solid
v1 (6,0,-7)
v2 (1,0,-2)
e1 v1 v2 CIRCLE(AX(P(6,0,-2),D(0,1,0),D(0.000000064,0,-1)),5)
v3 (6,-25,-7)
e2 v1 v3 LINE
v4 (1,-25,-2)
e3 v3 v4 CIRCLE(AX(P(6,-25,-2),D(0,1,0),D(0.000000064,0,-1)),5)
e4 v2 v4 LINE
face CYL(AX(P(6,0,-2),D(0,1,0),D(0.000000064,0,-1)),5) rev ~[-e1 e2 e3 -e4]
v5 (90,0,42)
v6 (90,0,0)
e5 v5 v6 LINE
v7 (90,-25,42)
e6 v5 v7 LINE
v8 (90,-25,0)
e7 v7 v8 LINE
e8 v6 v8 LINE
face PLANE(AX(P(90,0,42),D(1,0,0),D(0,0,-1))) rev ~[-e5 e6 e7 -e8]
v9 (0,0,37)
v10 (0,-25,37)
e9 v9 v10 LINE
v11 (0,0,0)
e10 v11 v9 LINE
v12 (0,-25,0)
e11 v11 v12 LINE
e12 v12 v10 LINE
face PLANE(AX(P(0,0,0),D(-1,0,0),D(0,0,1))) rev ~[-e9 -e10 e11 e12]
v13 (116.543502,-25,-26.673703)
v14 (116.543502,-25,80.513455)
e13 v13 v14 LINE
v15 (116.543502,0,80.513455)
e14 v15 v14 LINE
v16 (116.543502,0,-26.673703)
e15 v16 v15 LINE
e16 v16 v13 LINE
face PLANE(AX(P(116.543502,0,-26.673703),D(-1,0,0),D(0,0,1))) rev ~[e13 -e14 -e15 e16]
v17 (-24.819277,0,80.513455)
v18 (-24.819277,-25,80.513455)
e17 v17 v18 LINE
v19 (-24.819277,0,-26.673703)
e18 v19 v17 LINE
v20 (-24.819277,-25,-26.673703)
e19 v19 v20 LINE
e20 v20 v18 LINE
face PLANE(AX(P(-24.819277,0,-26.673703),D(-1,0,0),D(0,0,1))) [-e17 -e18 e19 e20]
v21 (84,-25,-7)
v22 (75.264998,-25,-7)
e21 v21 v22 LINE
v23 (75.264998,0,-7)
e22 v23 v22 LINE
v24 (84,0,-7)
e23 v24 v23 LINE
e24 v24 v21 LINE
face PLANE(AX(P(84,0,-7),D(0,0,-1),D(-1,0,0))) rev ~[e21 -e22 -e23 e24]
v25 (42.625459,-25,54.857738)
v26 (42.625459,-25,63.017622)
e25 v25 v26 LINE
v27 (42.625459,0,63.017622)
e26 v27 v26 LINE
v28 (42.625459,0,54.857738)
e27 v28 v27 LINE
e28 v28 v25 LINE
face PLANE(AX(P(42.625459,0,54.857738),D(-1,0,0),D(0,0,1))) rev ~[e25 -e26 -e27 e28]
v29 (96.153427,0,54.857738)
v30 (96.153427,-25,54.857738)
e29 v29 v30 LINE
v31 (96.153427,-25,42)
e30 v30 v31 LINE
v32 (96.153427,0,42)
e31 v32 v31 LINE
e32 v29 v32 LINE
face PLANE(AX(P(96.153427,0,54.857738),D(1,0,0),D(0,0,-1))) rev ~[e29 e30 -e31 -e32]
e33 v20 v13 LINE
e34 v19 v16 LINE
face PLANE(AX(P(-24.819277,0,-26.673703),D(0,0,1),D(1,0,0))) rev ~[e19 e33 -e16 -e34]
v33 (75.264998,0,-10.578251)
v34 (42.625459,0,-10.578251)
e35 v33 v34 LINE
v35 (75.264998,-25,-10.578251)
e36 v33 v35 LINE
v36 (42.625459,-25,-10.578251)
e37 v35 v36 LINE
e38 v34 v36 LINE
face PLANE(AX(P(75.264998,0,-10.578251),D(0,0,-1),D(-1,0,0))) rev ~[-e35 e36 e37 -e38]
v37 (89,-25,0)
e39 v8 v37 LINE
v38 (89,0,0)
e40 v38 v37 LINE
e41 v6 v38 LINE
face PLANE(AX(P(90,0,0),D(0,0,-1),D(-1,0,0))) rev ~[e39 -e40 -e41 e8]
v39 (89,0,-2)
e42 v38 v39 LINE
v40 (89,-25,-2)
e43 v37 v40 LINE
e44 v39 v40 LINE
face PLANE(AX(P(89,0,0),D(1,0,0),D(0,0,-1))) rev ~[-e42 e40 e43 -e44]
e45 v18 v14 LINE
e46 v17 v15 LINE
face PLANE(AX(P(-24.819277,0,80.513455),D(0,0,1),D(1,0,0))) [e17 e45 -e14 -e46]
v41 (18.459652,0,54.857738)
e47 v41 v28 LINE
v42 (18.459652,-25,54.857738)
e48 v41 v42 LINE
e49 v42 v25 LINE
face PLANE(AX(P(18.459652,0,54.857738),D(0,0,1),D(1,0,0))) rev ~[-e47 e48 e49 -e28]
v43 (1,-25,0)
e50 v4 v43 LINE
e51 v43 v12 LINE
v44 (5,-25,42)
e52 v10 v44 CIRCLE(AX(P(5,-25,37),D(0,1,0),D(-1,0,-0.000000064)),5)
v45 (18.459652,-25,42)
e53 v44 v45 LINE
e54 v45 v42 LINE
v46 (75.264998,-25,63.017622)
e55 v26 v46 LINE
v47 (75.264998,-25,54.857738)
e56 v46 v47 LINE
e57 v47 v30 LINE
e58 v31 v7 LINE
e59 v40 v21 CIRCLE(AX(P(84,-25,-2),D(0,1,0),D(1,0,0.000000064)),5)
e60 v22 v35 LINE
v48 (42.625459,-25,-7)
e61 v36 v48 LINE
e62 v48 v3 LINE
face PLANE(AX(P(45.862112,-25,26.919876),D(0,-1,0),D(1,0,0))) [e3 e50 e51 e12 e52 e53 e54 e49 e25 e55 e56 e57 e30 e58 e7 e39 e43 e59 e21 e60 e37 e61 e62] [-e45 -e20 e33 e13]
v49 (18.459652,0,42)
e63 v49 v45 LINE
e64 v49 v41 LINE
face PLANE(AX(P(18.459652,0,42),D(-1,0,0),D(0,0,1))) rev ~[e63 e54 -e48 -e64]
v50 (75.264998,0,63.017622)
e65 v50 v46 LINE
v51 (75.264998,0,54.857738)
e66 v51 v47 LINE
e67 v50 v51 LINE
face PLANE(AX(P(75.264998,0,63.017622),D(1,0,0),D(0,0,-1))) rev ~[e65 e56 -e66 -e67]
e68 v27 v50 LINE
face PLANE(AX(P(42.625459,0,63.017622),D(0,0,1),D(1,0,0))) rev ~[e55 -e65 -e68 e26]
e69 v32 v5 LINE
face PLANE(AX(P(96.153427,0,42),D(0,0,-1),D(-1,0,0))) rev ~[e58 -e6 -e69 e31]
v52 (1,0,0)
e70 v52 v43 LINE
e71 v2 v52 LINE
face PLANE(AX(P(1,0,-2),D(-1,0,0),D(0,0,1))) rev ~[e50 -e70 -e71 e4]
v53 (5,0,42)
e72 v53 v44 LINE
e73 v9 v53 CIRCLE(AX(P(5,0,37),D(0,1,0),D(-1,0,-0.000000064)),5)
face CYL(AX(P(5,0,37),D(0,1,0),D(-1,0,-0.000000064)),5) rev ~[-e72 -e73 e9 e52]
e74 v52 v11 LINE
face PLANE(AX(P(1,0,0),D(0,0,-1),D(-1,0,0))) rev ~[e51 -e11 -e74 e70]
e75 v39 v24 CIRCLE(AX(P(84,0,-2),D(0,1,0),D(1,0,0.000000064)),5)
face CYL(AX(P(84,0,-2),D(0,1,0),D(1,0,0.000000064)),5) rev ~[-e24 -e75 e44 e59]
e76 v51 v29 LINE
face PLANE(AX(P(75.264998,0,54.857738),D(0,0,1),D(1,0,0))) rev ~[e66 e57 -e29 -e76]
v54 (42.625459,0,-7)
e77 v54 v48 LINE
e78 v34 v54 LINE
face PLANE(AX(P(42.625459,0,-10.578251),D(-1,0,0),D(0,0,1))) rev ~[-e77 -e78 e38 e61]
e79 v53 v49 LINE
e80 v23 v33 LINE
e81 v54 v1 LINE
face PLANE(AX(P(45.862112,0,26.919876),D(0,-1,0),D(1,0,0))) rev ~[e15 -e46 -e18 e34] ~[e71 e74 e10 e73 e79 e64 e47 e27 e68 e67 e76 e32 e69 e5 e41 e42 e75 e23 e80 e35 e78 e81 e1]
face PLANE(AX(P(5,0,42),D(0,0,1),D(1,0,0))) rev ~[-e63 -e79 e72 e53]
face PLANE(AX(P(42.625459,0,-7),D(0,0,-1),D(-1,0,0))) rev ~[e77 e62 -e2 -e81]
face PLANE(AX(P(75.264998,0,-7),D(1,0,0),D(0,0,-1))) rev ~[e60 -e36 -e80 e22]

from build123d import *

# Parameters (mm, degrees)
F0_W     = 141.362779
F0_H     = 107.187158
F1_DEPTH = 25


with BuildPart() as f1:
    # F0 (on Front) → F1 (new body)
    with BuildSketch(Plane.XZ):
        with Locations((45.862112, 26.919876)):
            Rectangle(F0_W, F0_H)
        with BuildLine():
            Line((1, 0), (0, 0))
            Line((0, 0), (0, 37))
            ThreePointArc((0, 37), (1.464466, 40.535534), (5, 42))
            Line((5, 42), (18.459652, 42))
            Line((18.459652, 42), (18.459652, 54.857738))
            Line((18.459652, 54.857738), (42.625459, 54.857738))
            Line((42.625459, 54.857738), (42.625459, 63.017622))
            Line((42.625459, 63.017622), (75.264998, 63.017622))
            Line((75.264998, 63.017622), (75.264998, 54.857738))
            Line((75.264998, 54.857738), (96.153427, 54.857738))
            Line((96.153427, 54.857738), (96.153427, 42))
            Line((96.153427, 42), (90, 42))
            Line((90, 42), (90, 0))
            Line((90, 0), (89, 0))
            Line((89, 0), (89, -2))
            ThreePointArc((89, -2), (87.535534, -5.535534), (84, -7))
            Line((84, -7), (75.264998, -7))
            Line((75.264998, -7), (75.264998, -10.578251))
            Line((75.264998, -10.578251), (42.625459, -10.578251))
            Line((42.625459, -10.578251), (42.625459, -7))
            Line((42.625459, -7), (6, -7))
            ThreePointArc((6, -7), (2.464466, -5.535534), (1, -2))
            Line((1, -2), (1, 0))
        make_face(mode=Mode.SUBTRACT)
    extrude(amount=F1_DEPTH)


solid = f1.part
